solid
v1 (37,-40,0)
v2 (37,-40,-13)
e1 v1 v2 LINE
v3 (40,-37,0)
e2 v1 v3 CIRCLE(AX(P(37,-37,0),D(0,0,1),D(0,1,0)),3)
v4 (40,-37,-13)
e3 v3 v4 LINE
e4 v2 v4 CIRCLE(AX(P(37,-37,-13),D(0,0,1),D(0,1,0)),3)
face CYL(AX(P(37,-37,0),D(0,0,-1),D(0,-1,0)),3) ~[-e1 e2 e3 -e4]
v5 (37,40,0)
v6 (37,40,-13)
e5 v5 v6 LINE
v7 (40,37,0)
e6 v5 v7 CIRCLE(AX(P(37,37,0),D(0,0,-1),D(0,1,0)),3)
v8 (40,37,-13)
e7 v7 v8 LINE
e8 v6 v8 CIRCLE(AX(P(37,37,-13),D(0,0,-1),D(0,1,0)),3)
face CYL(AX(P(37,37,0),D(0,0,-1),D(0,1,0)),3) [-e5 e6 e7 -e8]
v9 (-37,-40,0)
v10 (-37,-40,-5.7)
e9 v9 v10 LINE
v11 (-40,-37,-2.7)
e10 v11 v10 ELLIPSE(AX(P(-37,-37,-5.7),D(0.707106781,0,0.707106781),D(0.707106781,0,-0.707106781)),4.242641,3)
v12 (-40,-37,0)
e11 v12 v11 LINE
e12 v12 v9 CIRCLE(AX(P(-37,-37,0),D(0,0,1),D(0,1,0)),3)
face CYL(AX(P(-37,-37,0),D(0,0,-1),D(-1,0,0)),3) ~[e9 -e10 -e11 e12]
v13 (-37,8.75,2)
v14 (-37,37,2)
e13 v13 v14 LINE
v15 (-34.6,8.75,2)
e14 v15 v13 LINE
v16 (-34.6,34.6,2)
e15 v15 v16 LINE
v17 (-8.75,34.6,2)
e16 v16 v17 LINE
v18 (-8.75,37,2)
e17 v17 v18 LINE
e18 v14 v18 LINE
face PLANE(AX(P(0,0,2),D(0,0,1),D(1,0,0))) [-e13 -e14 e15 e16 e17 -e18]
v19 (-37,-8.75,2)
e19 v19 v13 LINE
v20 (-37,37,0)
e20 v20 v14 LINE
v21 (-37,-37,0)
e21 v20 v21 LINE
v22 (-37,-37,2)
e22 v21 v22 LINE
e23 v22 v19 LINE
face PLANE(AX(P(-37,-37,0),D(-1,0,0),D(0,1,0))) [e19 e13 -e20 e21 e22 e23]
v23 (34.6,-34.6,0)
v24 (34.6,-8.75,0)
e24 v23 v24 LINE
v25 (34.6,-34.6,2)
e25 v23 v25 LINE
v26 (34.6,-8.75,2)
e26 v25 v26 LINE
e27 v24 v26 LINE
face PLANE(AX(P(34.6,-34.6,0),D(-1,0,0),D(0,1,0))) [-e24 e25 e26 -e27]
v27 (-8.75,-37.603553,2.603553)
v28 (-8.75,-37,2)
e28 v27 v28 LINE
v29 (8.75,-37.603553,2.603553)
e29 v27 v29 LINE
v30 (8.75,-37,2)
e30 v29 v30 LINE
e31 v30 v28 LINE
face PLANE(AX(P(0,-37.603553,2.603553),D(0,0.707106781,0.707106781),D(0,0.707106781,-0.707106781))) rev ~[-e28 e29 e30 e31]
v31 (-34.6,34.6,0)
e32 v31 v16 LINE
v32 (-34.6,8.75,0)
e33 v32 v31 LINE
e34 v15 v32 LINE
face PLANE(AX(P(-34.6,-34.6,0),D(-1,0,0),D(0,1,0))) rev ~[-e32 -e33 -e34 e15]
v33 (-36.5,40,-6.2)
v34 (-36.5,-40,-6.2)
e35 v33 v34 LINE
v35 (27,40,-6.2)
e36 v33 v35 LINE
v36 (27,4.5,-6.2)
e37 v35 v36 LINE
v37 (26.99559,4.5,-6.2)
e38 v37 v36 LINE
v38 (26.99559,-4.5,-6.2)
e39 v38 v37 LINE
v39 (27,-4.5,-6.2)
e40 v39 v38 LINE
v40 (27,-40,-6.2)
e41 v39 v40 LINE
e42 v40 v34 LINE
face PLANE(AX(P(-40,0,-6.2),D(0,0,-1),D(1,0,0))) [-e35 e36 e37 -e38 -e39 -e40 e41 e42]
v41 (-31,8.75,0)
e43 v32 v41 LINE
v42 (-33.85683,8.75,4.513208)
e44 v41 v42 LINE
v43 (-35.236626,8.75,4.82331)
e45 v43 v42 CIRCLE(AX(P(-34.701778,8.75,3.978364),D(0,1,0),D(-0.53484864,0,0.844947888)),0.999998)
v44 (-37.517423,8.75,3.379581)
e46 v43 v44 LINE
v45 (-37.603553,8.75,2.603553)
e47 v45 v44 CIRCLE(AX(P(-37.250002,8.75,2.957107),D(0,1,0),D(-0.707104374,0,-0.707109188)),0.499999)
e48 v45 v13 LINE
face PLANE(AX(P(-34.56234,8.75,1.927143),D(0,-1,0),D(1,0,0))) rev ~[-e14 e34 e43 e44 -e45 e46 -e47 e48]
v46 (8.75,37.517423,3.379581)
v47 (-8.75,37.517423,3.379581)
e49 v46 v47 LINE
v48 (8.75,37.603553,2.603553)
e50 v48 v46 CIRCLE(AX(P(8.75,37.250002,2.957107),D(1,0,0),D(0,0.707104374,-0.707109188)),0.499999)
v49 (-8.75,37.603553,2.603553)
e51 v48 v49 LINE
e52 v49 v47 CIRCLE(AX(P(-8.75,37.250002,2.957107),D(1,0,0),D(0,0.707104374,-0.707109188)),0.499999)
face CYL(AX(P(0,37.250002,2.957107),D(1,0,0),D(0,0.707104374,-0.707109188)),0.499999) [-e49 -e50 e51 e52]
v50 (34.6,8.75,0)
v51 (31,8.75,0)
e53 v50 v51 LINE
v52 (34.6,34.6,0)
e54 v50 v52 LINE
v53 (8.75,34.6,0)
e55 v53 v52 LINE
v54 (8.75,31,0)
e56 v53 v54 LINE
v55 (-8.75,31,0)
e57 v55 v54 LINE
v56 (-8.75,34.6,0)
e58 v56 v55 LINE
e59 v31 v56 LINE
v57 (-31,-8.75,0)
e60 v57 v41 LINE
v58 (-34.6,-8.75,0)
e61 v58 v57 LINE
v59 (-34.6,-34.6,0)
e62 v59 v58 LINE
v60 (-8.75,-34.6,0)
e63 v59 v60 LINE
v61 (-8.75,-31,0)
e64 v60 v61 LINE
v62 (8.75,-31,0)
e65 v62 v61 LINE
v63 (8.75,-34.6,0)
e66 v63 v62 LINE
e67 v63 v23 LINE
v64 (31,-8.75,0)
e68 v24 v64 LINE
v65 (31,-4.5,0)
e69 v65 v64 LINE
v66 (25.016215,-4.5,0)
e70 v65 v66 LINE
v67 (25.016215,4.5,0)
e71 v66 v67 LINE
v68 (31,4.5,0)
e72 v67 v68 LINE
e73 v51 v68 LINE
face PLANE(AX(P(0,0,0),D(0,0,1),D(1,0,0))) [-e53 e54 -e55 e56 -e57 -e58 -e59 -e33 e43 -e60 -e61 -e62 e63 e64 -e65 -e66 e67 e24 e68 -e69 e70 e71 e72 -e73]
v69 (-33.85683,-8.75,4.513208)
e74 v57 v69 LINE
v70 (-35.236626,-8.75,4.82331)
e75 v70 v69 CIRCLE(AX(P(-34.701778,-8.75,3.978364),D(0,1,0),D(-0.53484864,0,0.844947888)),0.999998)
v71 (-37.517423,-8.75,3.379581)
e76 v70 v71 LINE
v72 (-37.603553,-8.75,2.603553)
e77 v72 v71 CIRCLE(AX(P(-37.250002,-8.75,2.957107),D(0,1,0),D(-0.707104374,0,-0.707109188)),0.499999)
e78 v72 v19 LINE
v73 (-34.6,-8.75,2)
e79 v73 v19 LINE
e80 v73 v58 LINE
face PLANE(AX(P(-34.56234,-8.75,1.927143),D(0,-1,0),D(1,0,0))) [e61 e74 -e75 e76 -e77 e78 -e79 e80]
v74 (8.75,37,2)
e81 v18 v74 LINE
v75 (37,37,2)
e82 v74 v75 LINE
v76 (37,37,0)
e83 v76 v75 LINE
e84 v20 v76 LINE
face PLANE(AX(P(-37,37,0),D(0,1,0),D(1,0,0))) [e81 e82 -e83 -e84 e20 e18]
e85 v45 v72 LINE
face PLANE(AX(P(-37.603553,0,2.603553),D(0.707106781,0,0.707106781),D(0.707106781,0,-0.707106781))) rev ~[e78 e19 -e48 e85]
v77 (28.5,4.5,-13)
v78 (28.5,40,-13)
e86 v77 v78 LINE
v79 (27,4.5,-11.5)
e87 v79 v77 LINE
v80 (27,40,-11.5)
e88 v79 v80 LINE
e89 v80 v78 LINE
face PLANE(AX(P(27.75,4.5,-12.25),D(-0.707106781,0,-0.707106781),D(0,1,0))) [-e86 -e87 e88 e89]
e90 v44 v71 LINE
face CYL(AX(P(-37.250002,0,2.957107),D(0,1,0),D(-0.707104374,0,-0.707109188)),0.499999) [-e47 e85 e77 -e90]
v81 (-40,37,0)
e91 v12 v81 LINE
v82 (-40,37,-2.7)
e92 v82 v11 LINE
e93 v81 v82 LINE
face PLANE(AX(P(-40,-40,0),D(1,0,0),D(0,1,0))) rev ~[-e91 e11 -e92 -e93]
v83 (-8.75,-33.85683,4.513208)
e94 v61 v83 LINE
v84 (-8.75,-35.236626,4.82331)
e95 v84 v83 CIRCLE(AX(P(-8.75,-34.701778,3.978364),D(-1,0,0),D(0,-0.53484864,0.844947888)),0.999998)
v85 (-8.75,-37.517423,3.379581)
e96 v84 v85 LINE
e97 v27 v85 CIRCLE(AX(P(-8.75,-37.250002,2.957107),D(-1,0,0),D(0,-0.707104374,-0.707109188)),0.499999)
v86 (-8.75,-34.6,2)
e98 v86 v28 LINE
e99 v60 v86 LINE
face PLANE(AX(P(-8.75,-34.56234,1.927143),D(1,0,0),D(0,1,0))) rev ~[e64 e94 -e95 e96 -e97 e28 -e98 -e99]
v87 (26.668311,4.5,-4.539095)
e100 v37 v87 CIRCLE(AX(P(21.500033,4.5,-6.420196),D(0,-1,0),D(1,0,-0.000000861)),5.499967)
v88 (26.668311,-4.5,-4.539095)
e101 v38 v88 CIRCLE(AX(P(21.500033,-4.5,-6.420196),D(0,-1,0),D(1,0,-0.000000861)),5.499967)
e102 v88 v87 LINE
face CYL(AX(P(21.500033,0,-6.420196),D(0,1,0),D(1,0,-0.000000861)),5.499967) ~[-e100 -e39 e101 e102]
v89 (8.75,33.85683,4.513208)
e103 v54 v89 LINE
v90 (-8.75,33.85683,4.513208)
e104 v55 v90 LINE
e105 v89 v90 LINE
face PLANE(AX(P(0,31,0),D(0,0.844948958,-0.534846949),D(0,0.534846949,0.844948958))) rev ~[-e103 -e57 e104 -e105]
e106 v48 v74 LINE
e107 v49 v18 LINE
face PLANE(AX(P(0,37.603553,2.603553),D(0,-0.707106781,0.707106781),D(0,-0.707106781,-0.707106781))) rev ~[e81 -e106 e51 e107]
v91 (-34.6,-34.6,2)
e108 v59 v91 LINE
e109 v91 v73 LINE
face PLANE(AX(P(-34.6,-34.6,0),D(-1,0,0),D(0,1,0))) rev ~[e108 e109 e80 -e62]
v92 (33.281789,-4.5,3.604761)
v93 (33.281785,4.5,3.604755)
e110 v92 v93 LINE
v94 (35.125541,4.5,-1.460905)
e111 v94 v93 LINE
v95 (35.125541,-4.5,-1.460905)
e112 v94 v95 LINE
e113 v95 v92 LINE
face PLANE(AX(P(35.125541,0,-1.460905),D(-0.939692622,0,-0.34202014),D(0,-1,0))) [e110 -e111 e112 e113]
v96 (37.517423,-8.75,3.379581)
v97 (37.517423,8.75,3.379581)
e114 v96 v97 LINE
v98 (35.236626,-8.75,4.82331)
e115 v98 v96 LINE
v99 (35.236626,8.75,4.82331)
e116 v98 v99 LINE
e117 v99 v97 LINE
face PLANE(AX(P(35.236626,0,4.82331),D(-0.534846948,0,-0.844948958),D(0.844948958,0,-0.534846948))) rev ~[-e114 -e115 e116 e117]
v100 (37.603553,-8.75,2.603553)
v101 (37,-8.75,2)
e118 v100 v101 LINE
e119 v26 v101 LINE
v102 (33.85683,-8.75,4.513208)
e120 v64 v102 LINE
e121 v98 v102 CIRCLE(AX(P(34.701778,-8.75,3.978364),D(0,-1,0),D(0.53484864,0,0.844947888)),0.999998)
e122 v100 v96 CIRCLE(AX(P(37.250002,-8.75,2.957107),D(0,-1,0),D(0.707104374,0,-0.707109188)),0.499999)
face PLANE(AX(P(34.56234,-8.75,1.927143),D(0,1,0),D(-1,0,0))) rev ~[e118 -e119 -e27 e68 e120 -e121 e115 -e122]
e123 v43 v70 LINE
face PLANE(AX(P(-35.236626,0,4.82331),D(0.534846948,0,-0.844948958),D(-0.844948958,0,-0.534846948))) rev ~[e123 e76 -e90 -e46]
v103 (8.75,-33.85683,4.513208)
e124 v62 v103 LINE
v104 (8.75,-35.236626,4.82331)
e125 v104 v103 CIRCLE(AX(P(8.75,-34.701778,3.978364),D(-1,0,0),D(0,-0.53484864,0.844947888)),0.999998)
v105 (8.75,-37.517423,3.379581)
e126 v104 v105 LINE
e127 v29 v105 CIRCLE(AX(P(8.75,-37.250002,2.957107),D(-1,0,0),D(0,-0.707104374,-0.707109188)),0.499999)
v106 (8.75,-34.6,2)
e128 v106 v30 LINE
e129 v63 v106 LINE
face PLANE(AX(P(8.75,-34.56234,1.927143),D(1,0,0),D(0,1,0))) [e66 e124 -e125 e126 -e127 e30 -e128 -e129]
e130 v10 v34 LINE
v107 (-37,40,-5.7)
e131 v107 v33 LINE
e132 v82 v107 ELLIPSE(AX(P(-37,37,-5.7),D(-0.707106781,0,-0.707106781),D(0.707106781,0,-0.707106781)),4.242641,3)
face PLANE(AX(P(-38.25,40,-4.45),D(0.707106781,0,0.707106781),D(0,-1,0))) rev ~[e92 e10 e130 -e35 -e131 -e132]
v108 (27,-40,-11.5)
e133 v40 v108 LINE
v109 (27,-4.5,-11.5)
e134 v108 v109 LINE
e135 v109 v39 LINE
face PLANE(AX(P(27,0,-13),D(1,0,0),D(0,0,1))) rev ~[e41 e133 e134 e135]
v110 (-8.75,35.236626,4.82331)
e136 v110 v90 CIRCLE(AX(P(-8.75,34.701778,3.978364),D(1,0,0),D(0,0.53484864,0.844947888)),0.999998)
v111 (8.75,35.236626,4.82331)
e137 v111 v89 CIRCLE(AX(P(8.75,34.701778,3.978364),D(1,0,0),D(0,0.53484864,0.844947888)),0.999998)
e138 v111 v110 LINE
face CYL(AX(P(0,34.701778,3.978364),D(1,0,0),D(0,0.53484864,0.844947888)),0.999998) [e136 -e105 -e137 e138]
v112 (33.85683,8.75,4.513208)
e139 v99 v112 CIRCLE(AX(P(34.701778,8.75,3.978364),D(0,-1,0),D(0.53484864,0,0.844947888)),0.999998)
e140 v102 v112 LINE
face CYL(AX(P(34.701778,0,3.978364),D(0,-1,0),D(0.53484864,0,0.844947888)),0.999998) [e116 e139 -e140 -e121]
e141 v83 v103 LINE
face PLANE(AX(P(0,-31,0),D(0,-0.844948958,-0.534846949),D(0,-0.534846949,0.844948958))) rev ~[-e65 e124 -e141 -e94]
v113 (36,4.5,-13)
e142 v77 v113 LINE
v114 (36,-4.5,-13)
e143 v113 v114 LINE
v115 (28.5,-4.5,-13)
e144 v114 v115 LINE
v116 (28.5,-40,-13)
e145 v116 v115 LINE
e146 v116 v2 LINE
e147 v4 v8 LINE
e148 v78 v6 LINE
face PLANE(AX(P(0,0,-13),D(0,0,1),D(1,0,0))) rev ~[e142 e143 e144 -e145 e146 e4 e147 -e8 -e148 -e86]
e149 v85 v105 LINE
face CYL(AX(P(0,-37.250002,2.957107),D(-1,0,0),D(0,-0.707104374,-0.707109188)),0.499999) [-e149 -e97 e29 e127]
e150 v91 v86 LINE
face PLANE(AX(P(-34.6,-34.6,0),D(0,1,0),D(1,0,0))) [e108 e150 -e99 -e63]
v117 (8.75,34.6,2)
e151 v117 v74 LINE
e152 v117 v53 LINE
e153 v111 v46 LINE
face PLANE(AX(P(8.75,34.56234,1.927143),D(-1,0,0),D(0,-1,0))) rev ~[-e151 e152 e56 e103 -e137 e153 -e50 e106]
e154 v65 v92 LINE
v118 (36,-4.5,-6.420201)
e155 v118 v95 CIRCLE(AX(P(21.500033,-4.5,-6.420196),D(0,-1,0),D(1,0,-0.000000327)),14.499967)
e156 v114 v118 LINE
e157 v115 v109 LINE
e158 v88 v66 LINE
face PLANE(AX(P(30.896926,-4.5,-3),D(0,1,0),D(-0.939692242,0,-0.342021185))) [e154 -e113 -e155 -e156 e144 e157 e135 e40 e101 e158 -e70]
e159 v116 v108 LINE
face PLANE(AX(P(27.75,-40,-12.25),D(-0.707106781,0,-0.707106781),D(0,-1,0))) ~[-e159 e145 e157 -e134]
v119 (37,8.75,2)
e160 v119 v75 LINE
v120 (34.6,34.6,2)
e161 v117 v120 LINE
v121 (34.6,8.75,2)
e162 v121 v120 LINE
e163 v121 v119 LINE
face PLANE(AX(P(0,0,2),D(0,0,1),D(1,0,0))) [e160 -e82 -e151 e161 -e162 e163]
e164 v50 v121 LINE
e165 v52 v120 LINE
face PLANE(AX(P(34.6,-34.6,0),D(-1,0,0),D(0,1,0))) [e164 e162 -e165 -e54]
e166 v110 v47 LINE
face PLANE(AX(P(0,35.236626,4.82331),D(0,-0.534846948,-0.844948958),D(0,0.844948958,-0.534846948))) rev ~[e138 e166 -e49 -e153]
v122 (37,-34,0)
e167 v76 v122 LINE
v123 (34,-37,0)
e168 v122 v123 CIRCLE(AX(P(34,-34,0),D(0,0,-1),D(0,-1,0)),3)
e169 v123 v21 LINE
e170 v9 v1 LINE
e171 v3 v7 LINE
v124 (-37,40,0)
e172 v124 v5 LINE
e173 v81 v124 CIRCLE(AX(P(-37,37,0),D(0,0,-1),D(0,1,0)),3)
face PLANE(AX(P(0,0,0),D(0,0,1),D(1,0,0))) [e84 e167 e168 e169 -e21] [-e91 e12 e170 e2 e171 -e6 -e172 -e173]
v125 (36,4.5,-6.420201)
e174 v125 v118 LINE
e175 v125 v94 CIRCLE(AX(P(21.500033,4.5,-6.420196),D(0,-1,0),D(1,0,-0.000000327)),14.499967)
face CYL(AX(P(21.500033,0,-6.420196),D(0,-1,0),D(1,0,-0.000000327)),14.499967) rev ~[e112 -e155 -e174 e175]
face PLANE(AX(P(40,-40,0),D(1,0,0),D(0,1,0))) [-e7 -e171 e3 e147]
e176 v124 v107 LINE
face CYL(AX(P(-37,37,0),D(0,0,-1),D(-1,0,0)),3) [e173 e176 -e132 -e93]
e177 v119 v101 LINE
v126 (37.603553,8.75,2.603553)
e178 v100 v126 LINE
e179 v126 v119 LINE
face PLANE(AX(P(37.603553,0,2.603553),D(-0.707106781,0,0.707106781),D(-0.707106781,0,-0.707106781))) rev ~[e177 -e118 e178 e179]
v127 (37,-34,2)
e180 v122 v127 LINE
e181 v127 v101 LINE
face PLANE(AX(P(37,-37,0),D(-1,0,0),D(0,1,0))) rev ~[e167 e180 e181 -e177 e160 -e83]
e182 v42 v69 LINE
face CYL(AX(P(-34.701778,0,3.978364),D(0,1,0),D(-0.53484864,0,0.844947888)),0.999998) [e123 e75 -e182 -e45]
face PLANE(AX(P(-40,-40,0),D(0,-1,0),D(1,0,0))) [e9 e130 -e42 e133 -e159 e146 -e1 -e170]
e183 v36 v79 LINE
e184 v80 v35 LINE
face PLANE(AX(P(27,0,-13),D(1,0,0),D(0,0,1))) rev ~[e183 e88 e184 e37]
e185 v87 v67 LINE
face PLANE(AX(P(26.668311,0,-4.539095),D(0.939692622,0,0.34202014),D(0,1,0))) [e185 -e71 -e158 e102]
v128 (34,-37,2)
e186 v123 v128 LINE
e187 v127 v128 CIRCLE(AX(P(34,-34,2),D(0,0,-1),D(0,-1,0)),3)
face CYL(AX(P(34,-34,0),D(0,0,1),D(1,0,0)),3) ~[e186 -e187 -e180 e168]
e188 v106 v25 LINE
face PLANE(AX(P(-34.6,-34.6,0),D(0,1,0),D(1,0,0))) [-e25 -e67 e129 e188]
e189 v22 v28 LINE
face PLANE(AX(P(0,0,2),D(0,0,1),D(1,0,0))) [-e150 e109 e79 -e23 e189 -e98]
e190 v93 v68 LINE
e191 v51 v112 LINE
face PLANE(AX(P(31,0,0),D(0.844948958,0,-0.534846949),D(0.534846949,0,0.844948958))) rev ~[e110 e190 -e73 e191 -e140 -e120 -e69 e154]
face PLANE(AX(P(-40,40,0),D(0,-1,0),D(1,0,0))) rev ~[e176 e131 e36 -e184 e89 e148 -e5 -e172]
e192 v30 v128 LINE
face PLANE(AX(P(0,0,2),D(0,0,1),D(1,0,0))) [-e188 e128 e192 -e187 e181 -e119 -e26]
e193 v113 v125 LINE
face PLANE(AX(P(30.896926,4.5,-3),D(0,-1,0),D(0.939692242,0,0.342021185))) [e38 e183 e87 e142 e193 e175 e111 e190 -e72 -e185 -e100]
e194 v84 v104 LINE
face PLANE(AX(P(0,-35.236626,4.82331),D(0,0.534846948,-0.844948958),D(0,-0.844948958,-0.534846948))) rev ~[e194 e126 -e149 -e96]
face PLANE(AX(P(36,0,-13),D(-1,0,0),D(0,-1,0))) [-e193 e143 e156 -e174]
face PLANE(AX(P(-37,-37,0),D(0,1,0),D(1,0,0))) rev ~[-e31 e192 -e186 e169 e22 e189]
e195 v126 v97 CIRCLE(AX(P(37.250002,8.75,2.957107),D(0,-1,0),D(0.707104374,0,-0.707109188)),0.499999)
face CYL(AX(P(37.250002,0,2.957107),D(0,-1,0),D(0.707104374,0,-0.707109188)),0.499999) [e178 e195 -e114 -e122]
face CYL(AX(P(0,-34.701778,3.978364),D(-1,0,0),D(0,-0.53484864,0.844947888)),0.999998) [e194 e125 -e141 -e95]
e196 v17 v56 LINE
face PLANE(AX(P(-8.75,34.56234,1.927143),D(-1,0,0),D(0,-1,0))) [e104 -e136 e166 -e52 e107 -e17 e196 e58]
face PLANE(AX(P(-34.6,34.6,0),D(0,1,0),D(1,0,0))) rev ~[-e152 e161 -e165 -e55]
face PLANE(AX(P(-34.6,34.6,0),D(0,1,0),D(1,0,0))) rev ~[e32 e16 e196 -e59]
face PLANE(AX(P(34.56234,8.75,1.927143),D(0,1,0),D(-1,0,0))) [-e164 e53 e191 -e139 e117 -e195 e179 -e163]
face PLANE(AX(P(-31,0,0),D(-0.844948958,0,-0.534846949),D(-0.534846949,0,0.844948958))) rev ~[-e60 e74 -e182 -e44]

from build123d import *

# Parameters (mm, degrees)
SKETCH_W           = 80
SKETCH_H           = 80
PAD_DEPTH          = 13
PAD001_DEPTH       = 8.75
POLARPATTERN_COUNT = 4
SKETCH006_W        = 67
SKETCH006_H        = 6.8
POCKET_DEPTH       = 40.001
POCKET_DEPTH_BACK  = 40.001
SKETCH008_W        = 9
SKETCH008_H        = 9
CHAMFER_SIZE       = 3.5
FILLET_R           = 3
CHAMFER002_SIZE    = 1.5
SKETCH014_W        = 74
SKETCH014_H        = 74
SKETCH014_W_2      = 69.2
SKETCH014_H_2      = 69.2
PAD005_DEPTH       = 2
FILLET003_R        = 3


with BuildPart() as part:
    # Sketch → Pad (new body)
    with BuildSketch(Plane.XY):
        Rectangle(SKETCH_W, SKETCH_H)
    extrude(amount=-PAD_DEPTH)

    # Sketch001 → Pad001 (join, symmetric)
    with BuildSketch(Plane.YZ):
        with BuildLine():
            Line((31, 0), (33.85683, 4.513208))
            ThreePointArc((35.236626, 4.82331), (34.482504, 4.954025), (33.85683, 4.513208))
            Line((35.236626, 4.82331), (37.517423, 3.379581))
            ThreePointArc((37.603553, 2.603553), (37.746949, 3.012262), (37.517423, 3.379581))
            Line((37.603553, 2.603553), (37, 2))
            Line((37, 2), (37, 0))
            Line((37, 0), (31, 0))
        make_face()
    pad001 = extrude(amount=PAD001_DEPTH, both=True)

    # PolarPattern: Pad001 ×4 about axis
    polarpattern_axis = Axis((0, 0, 0), (0, 0, 1))
    for i in range(1, POLARPATTERN_COUNT):
        add(pad001.rotate(polarpattern_axis, i * 360 / POLARPATTERN_COUNT))

    # Sketch006 → Pocket (cut, two sides)
    with BuildSketch(Plane.XZ) as pocket_sk:
        with Locations((-6.5, -9.6)):
            Rectangle(SKETCH006_W, SKETCH006_H)
    extrude(amount=-POCKET_DEPTH, mode=Mode.SUBTRACT)
    extrude(pocket_sk.sketch, amount=POCKET_DEPTH_BACK, mode=Mode.SUBTRACT)

    # SubtractivePipe: sweep along a path in Sketch009
    with BuildLine(Plane.XZ) as subtractivepipe_path:
        Line((31.5, -13), (31.5, -6.420201))
        ThreePointArc((31.5, -6.420201), (31.348078, -4.68372), (30.896926, -3))
        Line((30.896926, -3), (26.165313, 10))
    # Sketch008 (on Face4 of Pocket) → SubtractivePipe (sweep, cut)
    with BuildSketch(Plane(origin=(0, 0, -13), x_dir=(1, 0, 0), z_dir=(0, 0, -1))):
        with Locations((31.5, 0)):
            Rectangle(SKETCH008_W, SKETCH008_H)
    sweep(path=subtractivepipe_path.line, mode=Mode.SUBTRACT)

    # Chamfer
    chamfer_edges = [part.edges().sort_by_distance(p)[0] for p in [
        (-40, 0, -6.2),
    ]]
    chamfer(chamfer_edges, length=CHAMFER_SIZE)

    # Fillet
    fillet_edges = [part.edges().sort_by_distance(p)[0] for p in [
        (40, -40, -6.5),
        (40, 40, -6.5),
        (-40, 40, -1.35),
        (-40, -40, -1.35),
    ]]
    fillet(fillet_edges, radius=FILLET_R)

    # Chamfer002
    chamfer002_edges = [part.edges().sort_by_distance(p)[0] for p in [
        (27, 22.25, -13),
        (27, -22.25, -13),
    ]]
    chamfer(chamfer002_edges, length=CHAMFER002_SIZE)

    # Sketch014 → Pad005 (join)
    with BuildSketch(Plane.XY):
        Rectangle(SKETCH014_W, SKETCH014_H)
        Rectangle(SKETCH014_W_2, SKETCH014_H_2, mode=Mode.SUBTRACT)
    extrude(amount=PAD005_DEPTH)

    # Fillet003
    fillet003_edges = [part.edges().sort_by_distance(p)[0] for p in [
        (-35.236626, 0, 4.82331),
        (37, -37, 1),
        (0, -35.236626, 4.82331),
        (0, 35.236626, 4.82331),
    ]]
    fillet(fillet003_edges, radius=FILLET003_R)


solid = part.part
